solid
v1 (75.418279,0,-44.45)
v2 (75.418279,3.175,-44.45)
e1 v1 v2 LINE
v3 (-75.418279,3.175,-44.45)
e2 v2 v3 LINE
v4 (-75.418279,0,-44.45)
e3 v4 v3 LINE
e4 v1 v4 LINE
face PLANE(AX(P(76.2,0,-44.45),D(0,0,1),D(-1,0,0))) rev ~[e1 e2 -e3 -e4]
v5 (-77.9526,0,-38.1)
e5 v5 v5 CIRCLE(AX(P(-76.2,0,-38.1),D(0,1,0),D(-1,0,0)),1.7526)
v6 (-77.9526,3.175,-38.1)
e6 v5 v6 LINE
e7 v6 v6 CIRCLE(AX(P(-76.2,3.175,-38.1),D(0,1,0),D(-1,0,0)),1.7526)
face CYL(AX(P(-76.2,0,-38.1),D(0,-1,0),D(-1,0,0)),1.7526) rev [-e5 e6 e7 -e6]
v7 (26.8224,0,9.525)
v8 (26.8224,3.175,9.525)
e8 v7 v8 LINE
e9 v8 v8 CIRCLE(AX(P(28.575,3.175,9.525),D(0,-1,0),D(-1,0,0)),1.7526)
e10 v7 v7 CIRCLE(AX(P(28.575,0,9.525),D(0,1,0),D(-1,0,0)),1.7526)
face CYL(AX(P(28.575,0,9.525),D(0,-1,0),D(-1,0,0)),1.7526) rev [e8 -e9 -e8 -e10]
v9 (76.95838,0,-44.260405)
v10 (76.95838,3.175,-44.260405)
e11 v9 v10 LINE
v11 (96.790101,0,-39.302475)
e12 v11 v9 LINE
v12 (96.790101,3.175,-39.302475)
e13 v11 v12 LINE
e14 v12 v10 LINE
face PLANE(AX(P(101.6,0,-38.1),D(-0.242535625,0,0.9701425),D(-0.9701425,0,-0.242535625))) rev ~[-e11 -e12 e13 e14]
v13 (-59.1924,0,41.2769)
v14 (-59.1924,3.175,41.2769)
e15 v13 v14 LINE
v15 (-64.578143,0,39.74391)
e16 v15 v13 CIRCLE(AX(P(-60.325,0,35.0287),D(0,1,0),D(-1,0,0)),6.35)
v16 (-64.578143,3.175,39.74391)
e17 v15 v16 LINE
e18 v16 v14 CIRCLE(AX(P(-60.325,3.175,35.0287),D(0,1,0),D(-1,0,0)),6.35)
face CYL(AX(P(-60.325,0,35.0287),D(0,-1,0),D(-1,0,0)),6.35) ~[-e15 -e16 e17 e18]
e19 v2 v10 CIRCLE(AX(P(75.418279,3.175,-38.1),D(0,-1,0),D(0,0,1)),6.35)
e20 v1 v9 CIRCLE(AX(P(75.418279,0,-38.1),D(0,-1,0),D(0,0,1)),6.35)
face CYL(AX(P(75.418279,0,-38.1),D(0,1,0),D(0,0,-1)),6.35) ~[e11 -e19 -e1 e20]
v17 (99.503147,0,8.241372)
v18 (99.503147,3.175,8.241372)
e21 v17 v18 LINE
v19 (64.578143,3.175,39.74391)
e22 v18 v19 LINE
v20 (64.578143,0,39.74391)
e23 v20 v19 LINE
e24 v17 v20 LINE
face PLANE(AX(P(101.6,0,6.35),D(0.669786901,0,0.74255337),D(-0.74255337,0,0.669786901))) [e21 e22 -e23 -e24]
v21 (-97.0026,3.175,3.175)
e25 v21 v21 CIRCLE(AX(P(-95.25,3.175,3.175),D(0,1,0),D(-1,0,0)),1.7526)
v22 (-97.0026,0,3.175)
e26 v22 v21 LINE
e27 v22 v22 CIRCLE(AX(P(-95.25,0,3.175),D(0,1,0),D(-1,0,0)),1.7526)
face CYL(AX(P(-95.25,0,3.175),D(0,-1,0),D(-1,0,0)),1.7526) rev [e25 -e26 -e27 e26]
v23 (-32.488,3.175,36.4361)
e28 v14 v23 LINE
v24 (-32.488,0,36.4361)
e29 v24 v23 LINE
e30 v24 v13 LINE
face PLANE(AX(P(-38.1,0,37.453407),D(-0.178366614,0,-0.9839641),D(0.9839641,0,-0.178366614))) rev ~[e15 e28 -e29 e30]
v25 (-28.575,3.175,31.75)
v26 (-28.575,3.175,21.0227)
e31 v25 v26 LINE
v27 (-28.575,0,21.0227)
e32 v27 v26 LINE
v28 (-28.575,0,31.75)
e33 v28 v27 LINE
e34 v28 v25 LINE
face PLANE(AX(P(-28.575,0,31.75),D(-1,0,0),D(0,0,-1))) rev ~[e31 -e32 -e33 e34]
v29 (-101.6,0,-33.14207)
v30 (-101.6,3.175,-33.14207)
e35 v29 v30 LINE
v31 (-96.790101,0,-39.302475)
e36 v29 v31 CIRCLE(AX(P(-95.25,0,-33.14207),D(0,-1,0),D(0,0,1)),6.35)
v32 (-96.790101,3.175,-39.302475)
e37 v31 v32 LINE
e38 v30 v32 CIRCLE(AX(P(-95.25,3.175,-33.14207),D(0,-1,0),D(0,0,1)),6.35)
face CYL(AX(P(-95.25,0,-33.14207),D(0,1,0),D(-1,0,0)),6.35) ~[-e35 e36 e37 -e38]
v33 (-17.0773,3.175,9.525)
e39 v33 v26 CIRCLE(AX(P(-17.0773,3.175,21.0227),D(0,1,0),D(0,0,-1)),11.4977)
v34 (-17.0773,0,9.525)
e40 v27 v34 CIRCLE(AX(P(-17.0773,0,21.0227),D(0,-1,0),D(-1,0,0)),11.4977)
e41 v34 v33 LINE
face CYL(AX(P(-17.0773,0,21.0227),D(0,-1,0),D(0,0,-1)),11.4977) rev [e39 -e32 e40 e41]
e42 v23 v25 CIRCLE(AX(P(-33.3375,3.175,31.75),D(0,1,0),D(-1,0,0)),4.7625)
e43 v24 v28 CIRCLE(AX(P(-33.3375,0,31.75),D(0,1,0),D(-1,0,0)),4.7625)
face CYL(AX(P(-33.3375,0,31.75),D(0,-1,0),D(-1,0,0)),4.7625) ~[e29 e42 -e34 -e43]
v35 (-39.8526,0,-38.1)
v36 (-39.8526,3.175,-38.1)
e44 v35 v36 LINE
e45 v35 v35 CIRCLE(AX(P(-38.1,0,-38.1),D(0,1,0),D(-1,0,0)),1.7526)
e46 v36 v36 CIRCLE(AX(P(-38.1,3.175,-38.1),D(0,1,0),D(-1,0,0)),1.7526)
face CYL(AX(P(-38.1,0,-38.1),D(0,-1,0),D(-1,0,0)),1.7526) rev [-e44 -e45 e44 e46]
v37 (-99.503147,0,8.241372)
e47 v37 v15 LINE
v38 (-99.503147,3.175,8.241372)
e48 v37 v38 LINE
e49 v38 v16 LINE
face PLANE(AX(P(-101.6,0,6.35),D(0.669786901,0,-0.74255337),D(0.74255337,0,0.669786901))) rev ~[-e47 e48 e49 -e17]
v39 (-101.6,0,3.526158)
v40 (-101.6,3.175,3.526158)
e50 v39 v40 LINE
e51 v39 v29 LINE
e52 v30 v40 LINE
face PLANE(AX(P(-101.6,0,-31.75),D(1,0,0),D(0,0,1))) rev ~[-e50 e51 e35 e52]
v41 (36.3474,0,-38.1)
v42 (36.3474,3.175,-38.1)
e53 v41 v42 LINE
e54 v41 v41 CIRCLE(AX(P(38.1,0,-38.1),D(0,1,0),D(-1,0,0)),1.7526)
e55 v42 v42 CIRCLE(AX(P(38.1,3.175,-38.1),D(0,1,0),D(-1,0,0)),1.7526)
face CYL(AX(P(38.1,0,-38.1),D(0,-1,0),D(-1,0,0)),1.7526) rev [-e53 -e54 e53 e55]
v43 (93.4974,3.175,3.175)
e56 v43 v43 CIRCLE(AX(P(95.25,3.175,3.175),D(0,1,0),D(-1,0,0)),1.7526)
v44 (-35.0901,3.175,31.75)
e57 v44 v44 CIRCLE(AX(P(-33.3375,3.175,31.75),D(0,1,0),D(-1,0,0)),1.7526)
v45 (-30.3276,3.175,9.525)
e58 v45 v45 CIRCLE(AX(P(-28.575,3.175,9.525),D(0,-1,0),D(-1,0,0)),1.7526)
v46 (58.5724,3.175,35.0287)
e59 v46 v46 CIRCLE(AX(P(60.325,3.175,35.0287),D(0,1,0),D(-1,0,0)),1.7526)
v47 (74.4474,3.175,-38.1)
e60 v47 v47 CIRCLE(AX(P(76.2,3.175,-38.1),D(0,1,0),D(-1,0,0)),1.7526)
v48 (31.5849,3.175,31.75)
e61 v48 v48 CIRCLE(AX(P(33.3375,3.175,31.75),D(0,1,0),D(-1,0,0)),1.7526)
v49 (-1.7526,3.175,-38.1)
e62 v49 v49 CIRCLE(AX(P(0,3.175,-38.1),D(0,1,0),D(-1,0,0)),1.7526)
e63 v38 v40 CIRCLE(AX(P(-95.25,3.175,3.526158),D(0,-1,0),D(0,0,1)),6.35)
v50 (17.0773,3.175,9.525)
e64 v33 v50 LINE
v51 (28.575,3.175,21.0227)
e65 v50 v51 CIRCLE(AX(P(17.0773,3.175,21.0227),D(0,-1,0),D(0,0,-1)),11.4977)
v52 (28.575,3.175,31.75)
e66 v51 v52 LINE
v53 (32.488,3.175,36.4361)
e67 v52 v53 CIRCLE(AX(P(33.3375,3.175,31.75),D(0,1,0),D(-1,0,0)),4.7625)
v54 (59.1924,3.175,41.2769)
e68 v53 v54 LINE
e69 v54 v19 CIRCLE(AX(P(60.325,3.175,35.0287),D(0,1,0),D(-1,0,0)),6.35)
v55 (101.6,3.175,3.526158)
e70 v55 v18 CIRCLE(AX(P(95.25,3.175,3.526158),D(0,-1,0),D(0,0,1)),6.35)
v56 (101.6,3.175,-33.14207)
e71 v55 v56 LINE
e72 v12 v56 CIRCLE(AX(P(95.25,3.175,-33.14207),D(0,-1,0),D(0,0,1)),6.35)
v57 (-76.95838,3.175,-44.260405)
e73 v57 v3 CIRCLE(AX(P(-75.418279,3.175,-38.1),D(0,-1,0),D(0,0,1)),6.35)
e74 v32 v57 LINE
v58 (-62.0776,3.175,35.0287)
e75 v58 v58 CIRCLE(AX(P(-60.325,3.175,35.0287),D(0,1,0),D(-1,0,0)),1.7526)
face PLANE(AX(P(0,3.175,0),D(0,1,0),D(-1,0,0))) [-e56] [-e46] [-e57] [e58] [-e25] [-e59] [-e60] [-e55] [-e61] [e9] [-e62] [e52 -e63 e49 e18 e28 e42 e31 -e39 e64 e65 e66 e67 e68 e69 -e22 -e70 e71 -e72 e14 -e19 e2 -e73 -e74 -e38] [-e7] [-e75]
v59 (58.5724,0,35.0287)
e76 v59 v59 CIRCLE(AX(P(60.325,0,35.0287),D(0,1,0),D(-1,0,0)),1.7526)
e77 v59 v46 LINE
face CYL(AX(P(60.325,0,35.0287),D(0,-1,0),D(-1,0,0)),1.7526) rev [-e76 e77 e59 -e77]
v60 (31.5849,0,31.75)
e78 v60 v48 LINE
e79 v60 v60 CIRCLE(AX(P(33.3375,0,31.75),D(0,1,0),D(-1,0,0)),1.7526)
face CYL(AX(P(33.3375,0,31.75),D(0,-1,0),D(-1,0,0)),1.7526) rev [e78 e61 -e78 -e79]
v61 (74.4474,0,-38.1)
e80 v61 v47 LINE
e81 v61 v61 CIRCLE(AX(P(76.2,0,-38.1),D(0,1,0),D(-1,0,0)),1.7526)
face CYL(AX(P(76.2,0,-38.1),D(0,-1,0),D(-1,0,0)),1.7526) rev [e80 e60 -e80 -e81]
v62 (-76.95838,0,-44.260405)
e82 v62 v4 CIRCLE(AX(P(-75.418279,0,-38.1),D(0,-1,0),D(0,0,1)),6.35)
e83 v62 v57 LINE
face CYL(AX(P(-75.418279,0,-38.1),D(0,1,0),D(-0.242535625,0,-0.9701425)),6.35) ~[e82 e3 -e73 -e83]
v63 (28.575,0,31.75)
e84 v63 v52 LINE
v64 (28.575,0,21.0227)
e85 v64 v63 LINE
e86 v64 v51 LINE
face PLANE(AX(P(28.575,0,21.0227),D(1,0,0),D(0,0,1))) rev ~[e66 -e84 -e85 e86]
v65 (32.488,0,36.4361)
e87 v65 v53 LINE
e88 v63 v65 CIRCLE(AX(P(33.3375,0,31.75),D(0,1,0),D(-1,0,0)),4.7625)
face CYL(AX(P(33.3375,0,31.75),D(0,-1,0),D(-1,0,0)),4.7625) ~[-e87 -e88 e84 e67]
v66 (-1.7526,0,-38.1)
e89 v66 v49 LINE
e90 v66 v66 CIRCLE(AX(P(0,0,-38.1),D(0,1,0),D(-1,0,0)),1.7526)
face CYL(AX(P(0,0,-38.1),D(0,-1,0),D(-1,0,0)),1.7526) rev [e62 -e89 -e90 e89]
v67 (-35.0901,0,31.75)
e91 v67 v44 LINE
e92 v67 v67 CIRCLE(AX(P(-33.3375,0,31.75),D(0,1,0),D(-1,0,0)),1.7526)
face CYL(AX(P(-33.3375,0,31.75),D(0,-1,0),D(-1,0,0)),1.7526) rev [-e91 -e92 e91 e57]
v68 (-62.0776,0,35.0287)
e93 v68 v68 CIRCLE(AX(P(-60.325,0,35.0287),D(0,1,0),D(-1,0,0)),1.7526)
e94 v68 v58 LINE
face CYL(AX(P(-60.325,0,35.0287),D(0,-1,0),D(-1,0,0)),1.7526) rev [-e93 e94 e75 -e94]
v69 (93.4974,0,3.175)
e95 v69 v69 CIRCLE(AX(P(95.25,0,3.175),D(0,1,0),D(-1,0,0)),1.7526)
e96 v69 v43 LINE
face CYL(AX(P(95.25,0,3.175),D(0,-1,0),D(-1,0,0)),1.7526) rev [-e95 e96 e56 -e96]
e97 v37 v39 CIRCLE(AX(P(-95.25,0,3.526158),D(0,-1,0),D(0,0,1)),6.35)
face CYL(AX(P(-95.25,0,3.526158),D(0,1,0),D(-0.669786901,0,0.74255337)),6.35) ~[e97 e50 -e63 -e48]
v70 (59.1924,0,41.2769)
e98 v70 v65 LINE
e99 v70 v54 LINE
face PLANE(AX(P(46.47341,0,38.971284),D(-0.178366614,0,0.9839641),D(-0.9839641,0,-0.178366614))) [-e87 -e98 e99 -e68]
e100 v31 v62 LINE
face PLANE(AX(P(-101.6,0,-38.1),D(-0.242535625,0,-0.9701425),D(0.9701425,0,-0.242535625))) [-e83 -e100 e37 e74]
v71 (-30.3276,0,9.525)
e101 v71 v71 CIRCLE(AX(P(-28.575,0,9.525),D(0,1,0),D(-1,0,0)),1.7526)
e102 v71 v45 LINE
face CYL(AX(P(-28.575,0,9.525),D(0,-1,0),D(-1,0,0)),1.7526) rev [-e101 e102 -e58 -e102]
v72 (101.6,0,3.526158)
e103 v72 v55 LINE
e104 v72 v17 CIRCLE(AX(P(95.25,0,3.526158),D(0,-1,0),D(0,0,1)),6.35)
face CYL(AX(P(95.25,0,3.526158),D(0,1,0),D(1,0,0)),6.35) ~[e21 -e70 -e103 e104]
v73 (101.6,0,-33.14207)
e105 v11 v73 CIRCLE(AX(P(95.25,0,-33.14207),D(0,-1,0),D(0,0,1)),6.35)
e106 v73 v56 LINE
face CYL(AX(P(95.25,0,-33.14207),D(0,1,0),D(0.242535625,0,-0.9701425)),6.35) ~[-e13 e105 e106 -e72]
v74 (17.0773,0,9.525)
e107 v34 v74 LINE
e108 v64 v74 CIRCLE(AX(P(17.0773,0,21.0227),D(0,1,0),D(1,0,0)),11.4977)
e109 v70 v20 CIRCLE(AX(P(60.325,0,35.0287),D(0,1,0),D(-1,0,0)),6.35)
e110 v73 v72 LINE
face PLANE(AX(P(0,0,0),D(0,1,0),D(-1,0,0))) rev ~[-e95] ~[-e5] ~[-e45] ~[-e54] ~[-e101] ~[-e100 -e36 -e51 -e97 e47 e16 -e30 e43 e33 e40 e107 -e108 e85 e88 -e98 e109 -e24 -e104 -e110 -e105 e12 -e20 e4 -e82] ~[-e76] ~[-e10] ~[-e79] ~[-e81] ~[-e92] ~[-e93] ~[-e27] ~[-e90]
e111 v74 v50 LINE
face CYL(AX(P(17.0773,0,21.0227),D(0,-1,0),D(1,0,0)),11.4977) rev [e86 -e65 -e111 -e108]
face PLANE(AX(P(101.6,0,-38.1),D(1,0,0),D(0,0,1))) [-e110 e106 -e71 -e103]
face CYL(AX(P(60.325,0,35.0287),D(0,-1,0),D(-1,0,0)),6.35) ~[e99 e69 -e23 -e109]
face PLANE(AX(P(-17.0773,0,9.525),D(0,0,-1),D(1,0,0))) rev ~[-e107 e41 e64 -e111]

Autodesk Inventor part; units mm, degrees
ref_plane "YZ Plane" through (0, 0, 0) normal (1, 0, 0) x (0, 1, 0)
ref_plane "XZ Plane" through (0, 0, 0) normal (0, 1, 0) x (-1, 0, 0)
ref_plane "XY Plane" through (0, 0, 0) normal (0, 0, 1) x (1, 0, 0)
sketch "Sketch1" plane through (0, 0, 0) normal (0, 1, 0) x (-1, 0, 0)
  line L0 (101.6, 38.1) -> (-101.6, 38.1) construction
  line L1 (-101.6, 38.1) -> (-101.6, -38.1) construction
  line L2 (-101.6, -38.1) -> (101.6, -38.1) construction
  line L3 (101.6, -38.1) -> (101.6, 38.1) construction
  line L4 (101.6, 38.1) -> (-101.6, -38.1) construction
  line L5 (-101.6, 38.1) -> (101.6, -38.1) construction
  line L6 (-28.575, 66.675) -> (28.575, 66.675) construction
  line L7 (28.575, 66.675) -> (28.575, 9.525)
  line L8 (28.575, 9.525) -> (-28.575, 9.525)
  line L9 (-28.575, 9.525) -> (-28.575, 66.675)
  line L10 (-28.575, 66.675) -> (28.575, 9.525) construction
  line L11 (28.575, 66.675) -> (-28.575, 9.525) construction
  circle A0 centre (-38.1, 50.8) radius 3.175
  line L12 (0, 38.1) -> (0, -38.1) construction
  circle A1 centre (-38.1, 50.8) radius 9.525
  line L13 (-38.1, 60.325) -> (-28.575, 60.325)
  circle A2 centre (38.1, 50.8) radius 3.175
  circle A3 centre (38.1, 50.8) radius 9.525
  line L14 (38.1, 60.325) -> (28.575, 60.325)
  circle A4 centre (-76.2, -38.1) radius 1.7526
  circle A5 centre (-95.25, 3.175) radius 1.7526
  circle A6 centre (76.2, -38.1) radius 1.7526
  circle A7 centre (95.25, 3.175) radius 1.7526
  line L15 (-101.6, -38.1) -> (-101.6, 6.35)
  line L16 (-101.6, 6.35) -> (-44.4797, 57.8728)
  line L17 (101.6, -38.1) -> (101.6, 6.35)
  line L18 (101.6, 6.35) -> (44.4797, 57.8728)
  line L19 (-42.6417, 42.4275) -> (-87.975, 1.5367)
  line L20 (-87.975, 1.5367) -> (-87.975, -38.1)
  line L21 (87.975, -38.1) -> (87.975, 1.5367)
  line L22 (87.975, 1.5367) -> (42.6417, 42.4275)
  line L23 (0, -38.1) -> (-95.25, -38.1) construction
  line L24 (0, -38.1) -> (95.25, -38.1) construction
  circle A8 centre (-60.325, 35.0287) radius 1.7526
  circle A9 centre (-33.3375, 31.75) radius 1.7526
  line L25 (-38.1, 0) -> (-38.1, 41.275)
  line L26 (-38.1, 0) -> (0, 0) construction
  circle A10 centre (60.325, 35.0287) radius 1.7526
  circle A11 centre (33.3375, 31.75) radius 1.7526
  line L27 (38.1, 0) -> (38.1, 41.275)
  line L28 (38.1, 0) -> (0, 0) construction
  line L29 (-87.975, 0) -> (-65.115, 0)
  line L30 (-65.115, 0) -> (-65.115, -31.75)
  line L31 (-65.115, -31.75) -> (-87.975, -31.75)
  line L32 (-101.6, -38.1) -> (101.6, -38.1) construction
  line L33 (101.6, -38.1) -> (101.6, 19.05)
  line L34 (101.6, 19.05) -> (-101.6, 19.05) construction
  line L35 (-101.6, 19.05) -> (-101.6, -38.1)
  line L36 (-101.6, 19.05) -> (-87.5203, 19.05) construction
  line L37 (87.5203, 19.05) -> (101.6, 19.05) construction
  circle A12 centre (-38.1, 0) radius 3.175 construction
  circle A13 centre (-38.1, 0) radius 6.35 construction
  circle A14 centre (38.1, 0) radius 3.175 construction
  circle A15 centre (38.1, 0) radius 6.35 construction
  circle A16 centre (28.575, 9.525) radius 1.7526
  circle A17 centre (28.575, 9.525) radius 4.7625
  arc A18 (17.0773, 9.525) -> (28.575, 21.0227) centre (17.0773, 21.0227) ccw
  circle A19 centre (-28.575, 9.525) radius 1.7526
  circle A20 centre (-28.575, 9.525) radius 4.7625
  arc A21 (-28.575, 21.0227) -> (-17.0773, 9.525) centre (-17.0773, 21.0227) ccw
  arc A22 (31.4325, 5.715) -> (38.1, 19.05) centre (21.4312, 19.05) ccw
  arc A23 (-38.1, 19.05) -> (-31.4325, 5.715) centre (-21.4312, 19.05) ccw
  line L38 (-61.94, -38.1) -> (-61.94, 25.0204)
  line L39 (87.975, 0) -> (65.115, 0)
  line L40 (65.115, 0) -> (65.115, -31.75)
  line L41 (65.115, -31.75) -> (87.975, -31.75)
  line L42 (61.94, -38.1) -> (61.94, 25.0204)
  line L43 (-28.575, 4.7625) -> (28.575, 4.7625)
  line L44 (101.6, -31.75) -> (-101.6, -31.75)
  line L45 (-101.6, -31.75) -> (-101.6, -44.45) construction
  line L46 (-101.6, -44.45) -> (101.6, -44.45)
  line L47 (101.6, -44.45) -> (101.6, -31.75) construction
  circle A24 centre (0, -38.1) radius 1.7526
  circle A25 centre (38.1, -38.1) radius 1.7526
  circle A26 centre (-38.1, -38.1) radius 1.7526
  line L48 (101.6, -38.1) -> (76.2, -44.45)
  line L49 (-101.6, -38.1) -> (-76.2, -44.45)
  line L50 (76.2, -38.1) -> (76.2, -44.45) construction
  line L51 (-76.2, -38.1) -> (-76.2, -44.45) construction
  line L52 (59.1924, 41.2769) -> (32.488, 36.4361)
  circle A27 centre (60.325, 35.0287) radius 6.35
  circle A28 centre (33.3375, 31.75) radius 4.7625
  line L53 (-59.1924, 41.2769) -> (-32.488, 36.4361)
  circle A29 centre (-60.325, 35.0287) radius 6.35
  circle A30 centre (-33.3375, 31.75) radius 4.7625
  line L54 (-87.975, 0) -> (-65.115, 0)
  line L55 (-65.115, 0) -> (-65.115, -3.175)
  line L56 (-65.115, -3.175) -> (-87.975, -3.175)
  line L57 (-87.975, -3.175) -> (-87.975, 0)
  line L58 (-65.115, -15.875) -> (-87.975, -15.875) construction
  line L59 (-65.115, -28.575) -> (-87.975, -28.575)
  line L60 (-84.8, -38.1) -> (-84.8, 0.1248)
  line L61 (65.115, -3.175) -> (87.975, -3.175)
  line L62 (65.115, -15.875) -> (87.975, -15.875) construction
  line L63 (65.115, -28.575) -> (87.975, -28.575)
  line L64 (84.8, -38.1) -> (84.8, 0.1248)
  point P0 (28.575, 38.1)
  point P1 (-28.575, 38.1)
  point P2 (28.575, 60.325)
  point P3 (44.4797, 57.8728)
  point P4 (101.6, -15.875)
  point P5 (38.1, 41.275)
  point P6 (-87.975, -31.75)
  point P7 (-101.6, 6.35)
  point P8 (101.6, 6.35)
  point P9 (31.75, 0)
  point P10 (38.1, 6.35)
  point P11 (-38.1, 6.35)
  point P12 (-31.75, 0)
  point P13 (87.975, 0)
  point P14 (61.94, 25.0204)
  point P15 (-17.0773, 9.525)
  point P16 (-28.575, 21.0227)
  point P17 (-38.1, 19.05)
  point P18 (-31.4325, 5.715)
  point P19 (-21.8502, 0)
  point P20 (21.8502, 0)
  point P21 (-25.2074, 12.8926)
  point P22 (-28.575, 14.2875)
  point P23 (-23.8125, 9.525)
  point P24 (-28.575, 50.8)
  point P25 (25.2074, 12.8926)
  point P26 (28.575, 14.2875)
  point P27 (23.8125, 9.525)
  point P28 (28.575, 50.8)
  point P29 (26.8224, 9.525)
  point P30 (28.575, 11.2776)
  point P31 (61.94, -31.75)
  point P32 (-61.94, -31.75)
  point P33 (-28.575, 31.75)
  point P34 (-64.5781, 39.7439)
  point P35 (64.5781, 39.7439)
  point P36 (28.575, 31.75)
  point P37 (-84.8, -3.175)
  point P38 (-84.8, -28.575)
  point P39 (84.8, -3.175)
  point P40 (84.8, -28.575)
  point P41 (-101.6, -31.75)
  point P42 (-56.0719, 30.3135)
  point P43 (56.0719, 30.3135)
  point P44 (46.4735, 38.9713)
  point P45 (-46.4735, 38.9713)
  point P46 (-28.575, 11.2776)
  point P47 (-26.8224, 9.525)
  dimension "d0" = 203.2
  dimension "d1" = 76.2
  dimension "d4" = 57.15
  dimension "d6" = 6.35
  dimension "d7" = 38.1
  dimension "d8" = 19.05
  dimension "d10" = 3.5052
  dimension "d11" = 3.5052
  dimension "d12" = 0
  dimension "d14" = 25.4
  dimension "d15" = 6.35
  dimension "d20" = 50.8
  dimension "d21" = 41.275
  dimension "d22" = 44.45
  dimension "d24" = 12.7
  dimension "d25" = 13.625
  dimension "d26" = 12.7
  dimension "d27" = 13.625
  dimension "d31" = 3.5052
  dimension "d32" = 3.5052
  dimension "d33" = 6.35
  dimension "d34" = 31.75
  dimension "d35" = 4.7625
  dimension "d36" = 22.225
  dimension "d37" = 9.525
  dimension "d39" = 31.75
  dimension "d40" = 6.35
  dimension "d42" = 57.15
  dimension "d43" = 6.35
  dimension "d44" = 9.525
  dimension "d45" = 9.525
  dimension "d46" = 12.7
  dimension "d104" = 3.5052
  dimension "d105" = 9.525
  dimension "d106" = 3.175
  dimension "d107" = 22.86
  dimension "d123" = 88.9
  dimension "d124" = 12.7
  dimension "d125" = 3.5052
  dimension "d126" = 3.5052
  dimension "d127" = 38.1
  dimension "d128" = 28.575
  dimension "d129" = 3.175
  dimension "d130" = 3.175
extrude "Extrusion1" add sketch "Sketch1" along normal blind 3.175 contours A28 L27 A22 A17 L7 | A28 | L7 A17 A18 | L52 L27 A28 | L27 L52 L22 L42 L44 L38 L19 L53 L25 A23 A20 L43 A17 A22 | L18 L17 L44 L21 L22 A27 | A27 | A17 L8 A16 L7 | L7 A16 L8 A17 | A17 L8 A18 | L52 A27 L22 | A17 L43 A20 L8 | L17 L48 L46 L49 L15 L44 L31 L41 | L8 A20 A21 | L22 L21 L39 L40 L44 L42 | L41 L64 L63 L21 | A20 L9 A19 L8 | L8 A19 L9 A20 | A20 L9 A21 | L63 L64 L61 L21 | L41 L40 L63 L64 | A23 L25 A30 L9 A20 | L21 L61 L64 L39 | L44 L30 L29 L20 L19 L38 | L63 L40 L61 L64 | A30 | L64 L61 L40 L39 | L19 L20 L44 L15 L16 A29 | L31 L60 L59 L30 | L25 L53 A30 | A29 L53 L19 | A29 | L59 L60 L56 L30 | L31 L20 L59 L60 | L29 L60 L56 L20 | L56 L60 L29 L30 | L59 L20 L56 L60
fillet "Fillet1" radius 6.35 6 edges at (101.6, 1.5875, -38.1) (101.6, 1.5875, 6.35) (-101.6, 1.5875, 6.35) (76.2, 1.5875, -44.45) (-76.2, 1.5875, -44.45) (-101.6, 1.5875, -38.1)
equation "\"d35\" = 0.5 * d37"
properties part number "Chassis" material "UHMW, White"
